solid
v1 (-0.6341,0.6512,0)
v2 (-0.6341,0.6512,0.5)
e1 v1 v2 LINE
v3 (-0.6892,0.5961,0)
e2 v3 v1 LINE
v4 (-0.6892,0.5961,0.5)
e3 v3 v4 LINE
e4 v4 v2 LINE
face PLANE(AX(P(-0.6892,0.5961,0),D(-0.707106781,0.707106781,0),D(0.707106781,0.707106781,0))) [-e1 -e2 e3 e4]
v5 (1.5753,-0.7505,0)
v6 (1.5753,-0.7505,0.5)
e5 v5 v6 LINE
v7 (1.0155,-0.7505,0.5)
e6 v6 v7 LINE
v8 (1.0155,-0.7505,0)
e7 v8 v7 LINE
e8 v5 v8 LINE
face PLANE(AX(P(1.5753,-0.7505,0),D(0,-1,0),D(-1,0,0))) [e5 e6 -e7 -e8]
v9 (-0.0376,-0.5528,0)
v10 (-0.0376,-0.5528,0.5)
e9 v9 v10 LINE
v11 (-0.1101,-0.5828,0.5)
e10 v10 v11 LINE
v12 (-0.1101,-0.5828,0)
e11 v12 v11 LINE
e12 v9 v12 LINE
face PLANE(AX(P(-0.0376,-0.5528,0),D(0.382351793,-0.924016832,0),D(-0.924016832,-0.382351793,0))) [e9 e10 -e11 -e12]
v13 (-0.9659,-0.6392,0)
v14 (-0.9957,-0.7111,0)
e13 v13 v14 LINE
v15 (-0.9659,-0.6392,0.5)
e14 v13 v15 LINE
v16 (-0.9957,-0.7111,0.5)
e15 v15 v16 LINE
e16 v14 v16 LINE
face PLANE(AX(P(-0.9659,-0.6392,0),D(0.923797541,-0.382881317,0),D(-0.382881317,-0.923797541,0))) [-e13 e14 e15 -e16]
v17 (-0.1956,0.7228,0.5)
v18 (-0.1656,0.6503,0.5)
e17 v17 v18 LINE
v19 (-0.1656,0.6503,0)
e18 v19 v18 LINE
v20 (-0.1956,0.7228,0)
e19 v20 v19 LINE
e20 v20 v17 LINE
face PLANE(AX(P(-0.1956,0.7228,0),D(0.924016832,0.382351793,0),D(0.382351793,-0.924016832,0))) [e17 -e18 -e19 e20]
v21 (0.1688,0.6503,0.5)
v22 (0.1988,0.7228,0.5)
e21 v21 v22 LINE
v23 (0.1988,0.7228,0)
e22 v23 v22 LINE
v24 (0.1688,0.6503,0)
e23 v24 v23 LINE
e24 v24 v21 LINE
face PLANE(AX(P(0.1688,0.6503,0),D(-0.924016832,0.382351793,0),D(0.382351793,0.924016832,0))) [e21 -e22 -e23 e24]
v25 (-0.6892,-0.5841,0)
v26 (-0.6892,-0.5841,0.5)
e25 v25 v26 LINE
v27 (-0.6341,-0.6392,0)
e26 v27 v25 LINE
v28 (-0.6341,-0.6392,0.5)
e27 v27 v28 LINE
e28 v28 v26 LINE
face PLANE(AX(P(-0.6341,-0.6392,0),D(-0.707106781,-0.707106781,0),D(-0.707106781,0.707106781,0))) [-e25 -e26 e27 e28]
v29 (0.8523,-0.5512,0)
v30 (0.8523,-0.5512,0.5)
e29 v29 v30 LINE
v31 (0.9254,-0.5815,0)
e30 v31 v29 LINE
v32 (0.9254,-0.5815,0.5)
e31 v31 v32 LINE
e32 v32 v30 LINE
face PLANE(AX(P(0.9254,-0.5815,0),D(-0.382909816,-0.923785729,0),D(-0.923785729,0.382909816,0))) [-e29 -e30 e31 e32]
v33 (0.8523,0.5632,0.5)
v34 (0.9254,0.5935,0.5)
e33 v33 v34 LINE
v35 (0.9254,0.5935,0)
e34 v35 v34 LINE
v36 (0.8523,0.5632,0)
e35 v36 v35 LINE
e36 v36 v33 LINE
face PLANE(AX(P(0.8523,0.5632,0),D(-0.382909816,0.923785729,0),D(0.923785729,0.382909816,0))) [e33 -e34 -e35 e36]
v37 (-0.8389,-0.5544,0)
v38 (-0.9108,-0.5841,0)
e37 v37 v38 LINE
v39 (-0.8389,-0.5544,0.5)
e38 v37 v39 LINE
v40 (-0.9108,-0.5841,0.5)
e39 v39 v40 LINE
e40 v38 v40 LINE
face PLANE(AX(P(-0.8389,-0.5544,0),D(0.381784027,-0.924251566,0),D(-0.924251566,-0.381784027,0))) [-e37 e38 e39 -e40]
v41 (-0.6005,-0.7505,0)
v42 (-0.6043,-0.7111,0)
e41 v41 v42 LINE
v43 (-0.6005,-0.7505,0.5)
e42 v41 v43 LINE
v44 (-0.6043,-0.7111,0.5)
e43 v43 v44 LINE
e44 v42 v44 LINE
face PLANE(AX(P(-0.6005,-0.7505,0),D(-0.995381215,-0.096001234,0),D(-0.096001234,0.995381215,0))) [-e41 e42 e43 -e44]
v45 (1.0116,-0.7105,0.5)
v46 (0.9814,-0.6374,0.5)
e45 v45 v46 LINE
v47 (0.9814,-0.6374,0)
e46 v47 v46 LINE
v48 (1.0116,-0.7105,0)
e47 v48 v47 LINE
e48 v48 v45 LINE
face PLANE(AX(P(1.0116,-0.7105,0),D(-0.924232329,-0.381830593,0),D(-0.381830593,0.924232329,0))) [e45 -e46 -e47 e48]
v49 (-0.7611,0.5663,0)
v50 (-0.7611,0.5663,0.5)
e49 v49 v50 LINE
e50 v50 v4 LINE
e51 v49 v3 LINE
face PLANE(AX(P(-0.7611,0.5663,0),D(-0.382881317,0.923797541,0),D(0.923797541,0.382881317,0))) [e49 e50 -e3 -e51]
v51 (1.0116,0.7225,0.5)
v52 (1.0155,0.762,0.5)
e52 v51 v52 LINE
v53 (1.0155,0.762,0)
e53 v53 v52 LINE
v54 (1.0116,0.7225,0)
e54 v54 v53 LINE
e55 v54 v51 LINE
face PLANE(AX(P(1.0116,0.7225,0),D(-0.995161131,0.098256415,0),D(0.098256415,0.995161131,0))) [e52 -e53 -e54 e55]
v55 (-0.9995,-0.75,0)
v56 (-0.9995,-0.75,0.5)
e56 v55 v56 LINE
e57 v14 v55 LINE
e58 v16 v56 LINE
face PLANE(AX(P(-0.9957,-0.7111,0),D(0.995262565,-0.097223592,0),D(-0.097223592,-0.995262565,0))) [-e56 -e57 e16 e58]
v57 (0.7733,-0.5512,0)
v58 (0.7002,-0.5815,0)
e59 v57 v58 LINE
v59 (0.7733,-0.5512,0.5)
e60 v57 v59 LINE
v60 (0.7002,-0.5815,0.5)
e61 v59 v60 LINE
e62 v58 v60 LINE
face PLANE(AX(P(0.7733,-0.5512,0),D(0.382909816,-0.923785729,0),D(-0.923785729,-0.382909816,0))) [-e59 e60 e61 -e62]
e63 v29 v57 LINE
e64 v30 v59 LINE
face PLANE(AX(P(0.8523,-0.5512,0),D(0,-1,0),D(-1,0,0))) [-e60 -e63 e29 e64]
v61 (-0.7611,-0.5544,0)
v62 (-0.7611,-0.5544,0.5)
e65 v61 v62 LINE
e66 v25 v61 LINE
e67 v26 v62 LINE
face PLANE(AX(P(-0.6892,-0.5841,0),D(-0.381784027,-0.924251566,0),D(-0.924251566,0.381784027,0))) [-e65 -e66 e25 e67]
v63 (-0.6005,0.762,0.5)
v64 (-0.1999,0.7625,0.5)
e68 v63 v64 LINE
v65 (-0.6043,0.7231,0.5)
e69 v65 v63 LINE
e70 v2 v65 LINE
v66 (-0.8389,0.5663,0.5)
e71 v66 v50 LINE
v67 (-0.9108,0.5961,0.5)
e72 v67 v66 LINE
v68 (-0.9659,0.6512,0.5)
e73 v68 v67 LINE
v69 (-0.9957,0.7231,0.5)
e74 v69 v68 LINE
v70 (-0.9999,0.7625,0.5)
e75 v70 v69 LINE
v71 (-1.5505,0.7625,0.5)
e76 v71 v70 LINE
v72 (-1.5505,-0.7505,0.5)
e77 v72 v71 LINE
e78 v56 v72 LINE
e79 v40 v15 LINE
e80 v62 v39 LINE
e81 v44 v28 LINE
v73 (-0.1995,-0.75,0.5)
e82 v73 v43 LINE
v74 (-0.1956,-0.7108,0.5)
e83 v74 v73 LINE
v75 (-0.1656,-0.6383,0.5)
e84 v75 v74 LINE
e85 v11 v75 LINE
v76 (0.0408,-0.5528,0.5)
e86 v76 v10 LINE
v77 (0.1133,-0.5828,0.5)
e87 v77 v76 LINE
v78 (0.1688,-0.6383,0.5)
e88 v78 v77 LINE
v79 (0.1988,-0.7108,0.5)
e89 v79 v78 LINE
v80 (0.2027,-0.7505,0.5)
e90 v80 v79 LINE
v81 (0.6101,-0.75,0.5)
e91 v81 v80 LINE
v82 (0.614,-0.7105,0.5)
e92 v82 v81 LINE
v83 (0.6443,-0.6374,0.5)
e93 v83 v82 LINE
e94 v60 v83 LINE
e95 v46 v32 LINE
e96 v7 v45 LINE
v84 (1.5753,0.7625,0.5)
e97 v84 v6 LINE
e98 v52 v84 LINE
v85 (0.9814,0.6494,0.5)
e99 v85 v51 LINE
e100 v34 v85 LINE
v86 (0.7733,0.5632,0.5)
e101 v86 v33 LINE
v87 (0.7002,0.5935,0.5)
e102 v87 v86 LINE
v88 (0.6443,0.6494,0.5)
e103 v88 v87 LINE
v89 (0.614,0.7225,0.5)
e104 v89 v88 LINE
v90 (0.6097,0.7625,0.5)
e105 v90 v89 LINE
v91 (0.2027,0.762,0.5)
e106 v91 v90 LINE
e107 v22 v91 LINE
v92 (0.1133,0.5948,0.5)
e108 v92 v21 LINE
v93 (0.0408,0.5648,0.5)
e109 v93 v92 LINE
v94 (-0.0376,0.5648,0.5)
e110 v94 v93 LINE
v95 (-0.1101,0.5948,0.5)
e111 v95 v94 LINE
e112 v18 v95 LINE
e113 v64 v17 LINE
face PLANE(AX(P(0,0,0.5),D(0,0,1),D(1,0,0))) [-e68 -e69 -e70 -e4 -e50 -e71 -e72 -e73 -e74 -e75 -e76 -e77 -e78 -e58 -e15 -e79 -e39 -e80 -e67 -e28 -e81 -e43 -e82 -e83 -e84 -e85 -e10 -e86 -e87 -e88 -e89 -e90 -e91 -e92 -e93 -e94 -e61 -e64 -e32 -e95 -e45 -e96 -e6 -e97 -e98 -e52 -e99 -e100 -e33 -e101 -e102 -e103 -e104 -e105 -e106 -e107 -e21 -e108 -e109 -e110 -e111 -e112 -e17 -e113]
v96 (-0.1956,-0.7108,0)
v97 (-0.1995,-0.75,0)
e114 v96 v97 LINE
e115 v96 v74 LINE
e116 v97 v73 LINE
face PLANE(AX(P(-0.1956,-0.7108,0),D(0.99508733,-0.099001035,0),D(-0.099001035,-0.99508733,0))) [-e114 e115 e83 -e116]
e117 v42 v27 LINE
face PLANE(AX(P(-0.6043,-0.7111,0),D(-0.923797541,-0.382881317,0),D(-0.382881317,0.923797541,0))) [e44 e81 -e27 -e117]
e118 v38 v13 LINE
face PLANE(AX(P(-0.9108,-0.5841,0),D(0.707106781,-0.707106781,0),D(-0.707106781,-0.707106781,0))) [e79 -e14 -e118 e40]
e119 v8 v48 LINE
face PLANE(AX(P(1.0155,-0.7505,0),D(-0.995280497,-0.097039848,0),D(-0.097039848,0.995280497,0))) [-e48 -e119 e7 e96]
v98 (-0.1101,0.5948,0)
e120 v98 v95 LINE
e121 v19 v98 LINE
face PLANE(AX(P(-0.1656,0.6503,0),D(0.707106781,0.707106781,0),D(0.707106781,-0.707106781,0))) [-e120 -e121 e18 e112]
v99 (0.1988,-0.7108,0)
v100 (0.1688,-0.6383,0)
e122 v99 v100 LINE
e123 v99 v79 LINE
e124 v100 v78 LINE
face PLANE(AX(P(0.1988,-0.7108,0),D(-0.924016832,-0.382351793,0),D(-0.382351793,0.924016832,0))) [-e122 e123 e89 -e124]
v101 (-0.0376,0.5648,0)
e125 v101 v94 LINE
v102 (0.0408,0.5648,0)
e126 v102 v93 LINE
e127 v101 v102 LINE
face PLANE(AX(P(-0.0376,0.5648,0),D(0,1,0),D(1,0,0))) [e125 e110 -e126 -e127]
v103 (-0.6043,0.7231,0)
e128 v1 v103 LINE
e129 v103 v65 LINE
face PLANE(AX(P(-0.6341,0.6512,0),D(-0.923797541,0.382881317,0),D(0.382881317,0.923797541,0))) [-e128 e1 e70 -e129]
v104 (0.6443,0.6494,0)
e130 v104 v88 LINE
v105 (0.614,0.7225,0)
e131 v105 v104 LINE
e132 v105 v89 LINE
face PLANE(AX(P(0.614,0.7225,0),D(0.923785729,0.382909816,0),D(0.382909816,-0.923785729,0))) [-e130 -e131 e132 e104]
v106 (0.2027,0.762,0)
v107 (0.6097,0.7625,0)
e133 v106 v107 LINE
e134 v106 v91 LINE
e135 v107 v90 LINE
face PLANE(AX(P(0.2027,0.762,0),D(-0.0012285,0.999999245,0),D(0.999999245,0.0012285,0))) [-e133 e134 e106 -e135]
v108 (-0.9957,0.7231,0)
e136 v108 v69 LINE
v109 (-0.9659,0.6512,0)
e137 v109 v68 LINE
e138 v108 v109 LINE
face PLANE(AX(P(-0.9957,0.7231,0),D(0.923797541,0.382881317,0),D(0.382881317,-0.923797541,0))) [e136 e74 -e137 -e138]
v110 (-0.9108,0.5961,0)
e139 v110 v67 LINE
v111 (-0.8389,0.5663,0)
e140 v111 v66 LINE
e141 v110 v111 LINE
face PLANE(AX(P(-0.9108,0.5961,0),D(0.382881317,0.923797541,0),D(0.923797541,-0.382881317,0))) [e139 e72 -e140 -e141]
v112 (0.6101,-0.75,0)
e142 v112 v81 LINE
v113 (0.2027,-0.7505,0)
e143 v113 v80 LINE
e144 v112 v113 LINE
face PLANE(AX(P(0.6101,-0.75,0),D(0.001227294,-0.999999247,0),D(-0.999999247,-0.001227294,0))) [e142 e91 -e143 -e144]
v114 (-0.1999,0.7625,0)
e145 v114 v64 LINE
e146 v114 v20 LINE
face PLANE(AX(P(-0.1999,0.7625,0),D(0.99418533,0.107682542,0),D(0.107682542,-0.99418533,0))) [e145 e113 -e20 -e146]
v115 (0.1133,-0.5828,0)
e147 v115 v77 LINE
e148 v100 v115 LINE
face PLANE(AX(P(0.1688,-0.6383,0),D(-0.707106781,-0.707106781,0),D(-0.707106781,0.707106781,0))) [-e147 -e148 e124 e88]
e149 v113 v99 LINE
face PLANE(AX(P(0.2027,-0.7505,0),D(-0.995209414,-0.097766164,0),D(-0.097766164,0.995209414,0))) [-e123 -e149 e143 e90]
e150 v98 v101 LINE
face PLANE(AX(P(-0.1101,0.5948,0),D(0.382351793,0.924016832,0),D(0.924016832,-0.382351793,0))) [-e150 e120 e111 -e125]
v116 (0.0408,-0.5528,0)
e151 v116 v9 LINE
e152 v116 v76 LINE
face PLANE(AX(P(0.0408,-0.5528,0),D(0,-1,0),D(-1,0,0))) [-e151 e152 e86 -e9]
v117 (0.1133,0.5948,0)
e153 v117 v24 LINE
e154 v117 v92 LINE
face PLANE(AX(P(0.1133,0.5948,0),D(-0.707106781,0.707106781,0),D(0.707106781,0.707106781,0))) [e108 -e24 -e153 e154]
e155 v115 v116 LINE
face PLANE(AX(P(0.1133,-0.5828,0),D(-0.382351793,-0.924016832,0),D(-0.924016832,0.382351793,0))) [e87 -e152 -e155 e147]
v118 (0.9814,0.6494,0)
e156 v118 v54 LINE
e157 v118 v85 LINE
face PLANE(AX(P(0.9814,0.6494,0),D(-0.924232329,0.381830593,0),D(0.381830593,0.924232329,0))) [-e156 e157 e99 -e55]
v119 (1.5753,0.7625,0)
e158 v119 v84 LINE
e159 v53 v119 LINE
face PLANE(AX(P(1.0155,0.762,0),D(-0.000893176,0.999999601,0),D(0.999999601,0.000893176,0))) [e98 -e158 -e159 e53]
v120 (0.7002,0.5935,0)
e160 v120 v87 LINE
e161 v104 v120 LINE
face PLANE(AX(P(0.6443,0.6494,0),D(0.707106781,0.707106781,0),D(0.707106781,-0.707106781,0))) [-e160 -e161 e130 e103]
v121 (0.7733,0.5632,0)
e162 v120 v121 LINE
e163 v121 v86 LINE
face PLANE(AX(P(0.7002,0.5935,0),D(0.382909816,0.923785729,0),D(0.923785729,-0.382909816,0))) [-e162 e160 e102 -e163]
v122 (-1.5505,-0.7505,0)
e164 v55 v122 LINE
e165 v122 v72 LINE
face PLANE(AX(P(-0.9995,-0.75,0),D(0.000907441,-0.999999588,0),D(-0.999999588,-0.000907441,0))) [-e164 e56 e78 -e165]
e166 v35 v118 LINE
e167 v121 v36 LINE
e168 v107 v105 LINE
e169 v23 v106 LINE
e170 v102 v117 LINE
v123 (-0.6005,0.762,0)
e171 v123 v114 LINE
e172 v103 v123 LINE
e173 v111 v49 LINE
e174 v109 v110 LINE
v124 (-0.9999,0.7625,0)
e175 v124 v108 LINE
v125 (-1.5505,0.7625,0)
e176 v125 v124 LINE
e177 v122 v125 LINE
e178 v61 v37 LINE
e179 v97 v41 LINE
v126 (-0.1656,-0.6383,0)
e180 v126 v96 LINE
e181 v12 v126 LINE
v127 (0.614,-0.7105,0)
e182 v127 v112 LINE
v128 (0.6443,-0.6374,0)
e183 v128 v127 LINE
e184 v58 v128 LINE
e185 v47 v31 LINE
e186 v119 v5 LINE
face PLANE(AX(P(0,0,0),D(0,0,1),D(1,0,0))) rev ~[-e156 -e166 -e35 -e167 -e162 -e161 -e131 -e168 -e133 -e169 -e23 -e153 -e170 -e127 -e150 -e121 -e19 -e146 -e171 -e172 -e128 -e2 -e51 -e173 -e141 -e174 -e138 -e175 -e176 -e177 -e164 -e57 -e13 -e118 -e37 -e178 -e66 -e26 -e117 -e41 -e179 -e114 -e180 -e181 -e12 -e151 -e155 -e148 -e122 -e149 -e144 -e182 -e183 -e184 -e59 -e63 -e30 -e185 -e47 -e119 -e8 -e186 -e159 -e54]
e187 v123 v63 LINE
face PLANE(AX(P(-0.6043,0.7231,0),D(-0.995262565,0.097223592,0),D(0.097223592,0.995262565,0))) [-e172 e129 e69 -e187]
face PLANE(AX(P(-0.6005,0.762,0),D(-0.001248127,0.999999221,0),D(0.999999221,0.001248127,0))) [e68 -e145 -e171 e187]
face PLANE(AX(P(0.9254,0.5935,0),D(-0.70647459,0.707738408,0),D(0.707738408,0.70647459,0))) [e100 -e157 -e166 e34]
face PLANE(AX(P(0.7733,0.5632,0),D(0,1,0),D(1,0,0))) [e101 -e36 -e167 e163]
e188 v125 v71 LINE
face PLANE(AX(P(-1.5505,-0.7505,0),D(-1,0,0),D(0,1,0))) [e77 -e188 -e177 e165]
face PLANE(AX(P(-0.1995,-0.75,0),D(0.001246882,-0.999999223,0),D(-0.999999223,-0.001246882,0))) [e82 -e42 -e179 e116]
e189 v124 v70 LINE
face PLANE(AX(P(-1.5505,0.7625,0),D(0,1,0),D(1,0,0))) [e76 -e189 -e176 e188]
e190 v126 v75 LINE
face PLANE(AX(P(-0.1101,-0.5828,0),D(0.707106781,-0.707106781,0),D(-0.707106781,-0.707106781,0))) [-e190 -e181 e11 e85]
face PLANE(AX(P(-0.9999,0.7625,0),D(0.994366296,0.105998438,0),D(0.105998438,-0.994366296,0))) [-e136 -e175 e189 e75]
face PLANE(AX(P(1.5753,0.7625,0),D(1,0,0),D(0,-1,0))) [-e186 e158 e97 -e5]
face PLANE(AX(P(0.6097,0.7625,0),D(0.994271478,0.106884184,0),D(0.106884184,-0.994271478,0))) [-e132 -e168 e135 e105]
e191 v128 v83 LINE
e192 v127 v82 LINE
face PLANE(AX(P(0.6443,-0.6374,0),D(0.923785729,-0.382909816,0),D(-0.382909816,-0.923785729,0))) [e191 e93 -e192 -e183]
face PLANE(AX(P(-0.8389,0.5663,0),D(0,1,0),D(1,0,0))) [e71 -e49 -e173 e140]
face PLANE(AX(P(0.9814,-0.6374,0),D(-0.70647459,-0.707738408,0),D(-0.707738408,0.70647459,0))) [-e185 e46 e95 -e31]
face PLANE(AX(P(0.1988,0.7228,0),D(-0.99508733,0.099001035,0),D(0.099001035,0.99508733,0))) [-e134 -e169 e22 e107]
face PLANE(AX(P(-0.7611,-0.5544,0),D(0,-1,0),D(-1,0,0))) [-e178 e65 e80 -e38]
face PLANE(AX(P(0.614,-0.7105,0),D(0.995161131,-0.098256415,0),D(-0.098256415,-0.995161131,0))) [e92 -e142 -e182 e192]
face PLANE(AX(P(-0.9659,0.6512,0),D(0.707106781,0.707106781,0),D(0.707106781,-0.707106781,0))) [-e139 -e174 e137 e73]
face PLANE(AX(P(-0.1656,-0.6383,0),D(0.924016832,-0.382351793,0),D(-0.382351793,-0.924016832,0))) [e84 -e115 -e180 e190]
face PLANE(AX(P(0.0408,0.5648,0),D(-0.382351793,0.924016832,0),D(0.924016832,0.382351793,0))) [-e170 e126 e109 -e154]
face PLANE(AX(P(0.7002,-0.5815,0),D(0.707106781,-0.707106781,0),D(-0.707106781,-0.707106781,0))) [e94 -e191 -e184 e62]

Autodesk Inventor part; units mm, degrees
ref_plane "YZ Plane" through (0, 0, 0) normal (1, 0, 0) x (0, 1, 0)
ref_plane "XZ Plane" through (0, 0, 0) normal (0, 1, 0) x (-1, 0, 0)
ref_plane "XY Plane" through (0, 0, 0) normal (0, 0, 1) x (1, 0, 0)
sketch "CAY16, 1K_278" plane through (0, 0, 0) normal (0, 0, 1) x (1, 0, 0)
  line L0 (-1.5505, 0.7625) -> (-0.9999, 0.7625)
  line L1 (-0.9999, 0.7625) -> (-0.9997, 0.7624)
  line L2 (-0.9997, 0.7624) -> (-0.9996, 0.7623)
  line L3 (-0.9996, 0.7623) -> (-0.9995, 0.7621)
  line L4 (-0.9995, 0.7621) -> (-0.9995, 0.762)
  line L5 (-0.9995, 0.762) -> (-0.9957, 0.7231)
  line L6 (-0.9957, 0.7231) -> (-0.9659, 0.6512)
  line L7 (-0.9659, 0.6512) -> (-0.9108, 0.5961)
  line L8 (-0.9108, 0.5961) -> (-0.8389, 0.5663)
  line L9 (-0.8389, 0.5663) -> (-0.7611, 0.5663)
  line L10 (-0.7611, 0.5663) -> (-0.6892, 0.5961)
  line L11 (-0.6892, 0.5961) -> (-0.6341, 0.6512)
  line L12 (-0.6341, 0.6512) -> (-0.6043, 0.7231)
  line L13 (-0.6043, 0.7231) -> (-0.6005, 0.762)
  line L14 (-0.6005, 0.762) -> (-0.6005, 0.7621)
  line L15 (-0.6005, 0.7621) -> (-0.6004, 0.7623)
  line L16 (-0.6004, 0.7623) -> (-0.6003, 0.7624)
  line L17 (-0.6003, 0.7624) -> (-0.6001, 0.7625)
  line L18 (-0.6001, 0.7625) -> (-0.1999, 0.7625)
  line L19 (-0.1999, 0.7625) -> (-0.1997, 0.7624)
  line L20 (-0.1997, 0.7624) -> (-0.1996, 0.7623)
  line L21 (-0.1996, 0.7623) -> (-0.1995, 0.7621)
  line L22 (-0.1995, 0.7621) -> (-0.1995, 0.762)
  line L23 (-0.1995, 0.762) -> (-0.1956, 0.7228)
  line L24 (-0.1956, 0.7228) -> (-0.1656, 0.6503)
  line L25 (-0.1656, 0.6503) -> (-0.1101, 0.5948)
  line L26 (-0.1101, 0.5948) -> (-0.0376, 0.5648)
  line L27 (-0.0376, 0.5648) -> (0.0408, 0.5648)
  line L28 (0.0408, 0.5648) -> (0.1133, 0.5948)
  line L29 (0.1133, 0.5948) -> (0.1688, 0.6503)
  line L30 (0.1688, 0.6503) -> (0.1988, 0.7228)
  line L31 (0.1988, 0.7228) -> (0.2027, 0.762)
  line L32 (0.2027, 0.762) -> (0.2027, 0.7621)
  line L33 (0.2027, 0.7621) -> (0.2028, 0.7623)
  line L34 (0.2028, 0.7623) -> (0.2029, 0.7624)
  line L35 (0.2029, 0.7624) -> (0.2031, 0.7625)
  line L36 (0.2031, 0.7625) -> (0.6097, 0.7625)
  line L37 (0.6097, 0.7625) -> (0.6099, 0.7624)
  line L38 (0.6099, 0.7624) -> (0.61, 0.7623)
  line L39 (0.61, 0.7623) -> (0.6101, 0.7621)
  line L40 (0.6101, 0.7621) -> (0.6101, 0.762)
  line L41 (0.6101, 0.762) -> (0.614, 0.7225)
  line L42 (0.614, 0.7225) -> (0.6443, 0.6494)
  line L43 (0.6443, 0.6494) -> (0.7002, 0.5935)
  line L44 (0.7002, 0.5935) -> (0.7733, 0.5632)
  line L45 (0.7733, 0.5632) -> (0.8523, 0.5632)
  line L46 (0.8523, 0.5632) -> (0.9254, 0.5935)
  line L47 (0.9254, 0.5935) -> (0.9814, 0.6494)
  line L48 (0.9814, 0.6494) -> (1.0116, 0.7225)
  line L49 (1.0116, 0.7225) -> (1.0155, 0.762)
  line L50 (1.0155, 0.762) -> (1.0155, 0.7621)
  line L51 (1.0155, 0.7621) -> (1.0156, 0.7623)
  line L52 (1.0156, 0.7623) -> (1.0157, 0.7624)
  line L53 (1.0157, 0.7624) -> (1.0159, 0.7625)
  line L54 (1.0159, 0.7625) -> (1.5753, 0.7625)
  line L55 (1.5753, 0.7625) -> (1.5753, -0.7505)
  line L56 (1.5753, -0.7505) -> (1.0155, -0.7505)
  line L57 (1.0155, -0.7505) -> (1.0155, -0.75)
  line L58 (1.0155, -0.75) -> (1.0116, -0.7105)
  line L59 (1.0116, -0.7105) -> (0.9814, -0.6374)
  line L60 (0.9814, -0.6374) -> (0.9254, -0.5815)
  line L61 (0.9254, -0.5815) -> (0.8523, -0.5512)
  line L62 (0.8523, -0.5512) -> (0.7733, -0.5512)
  line L63 (0.7733, -0.5512) -> (0.7002, -0.5815)
  line L64 (0.7002, -0.5815) -> (0.6443, -0.6374)
  line L65 (0.6443, -0.6374) -> (0.614, -0.7105)
  line L66 (0.614, -0.7105) -> (0.6101, -0.75)
  line L67 (0.6101, -0.75) -> (0.6101, -0.7501)
  line L68 (0.6101, -0.7501) -> (0.61, -0.7503)
  line L69 (0.61, -0.7503) -> (0.6099, -0.7504)
  line L70 (0.6099, -0.7504) -> (0.6097, -0.7505)
  line L71 (0.6097, -0.7505) -> (0.2027, -0.7505)
  line L72 (0.2027, -0.7505) -> (0.2027, -0.75)
  line L73 (0.2027, -0.75) -> (0.1988, -0.7108)
  line L74 (0.1988, -0.7108) -> (0.1688, -0.6383)
  line L75 (0.1688, -0.6383) -> (0.1133, -0.5828)
  line L76 (0.1133, -0.5828) -> (0.0408, -0.5528)
  line L77 (0.0408, -0.5528) -> (-0.0376, -0.5528)
  line L78 (-0.0376, -0.5528) -> (-0.1101, -0.5828)
  line L79 (-0.1101, -0.5828) -> (-0.1656, -0.6383)
  line L80 (-0.1656, -0.6383) -> (-0.1956, -0.7108)
  line L81 (-0.1956, -0.7108) -> (-0.1995, -0.75)
  line L82 (-0.1995, -0.75) -> (-0.1995, -0.7501)
  line L83 (-0.1995, -0.7501) -> (-0.1996, -0.7503)
  line L84 (-0.1996, -0.7503) -> (-0.1997, -0.7504)
  line L85 (-0.1997, -0.7504) -> (-0.1999, -0.7505)
  line L86 (-0.1999, -0.7505) -> (-0.6005, -0.7505)
  line L87 (-0.6005, -0.7505) -> (-0.6005, -0.75)
  line L88 (-0.6005, -0.75) -> (-0.6043, -0.7111)
  line L89 (-0.6043, -0.7111) -> (-0.6341, -0.6392)
  line L90 (-0.6341, -0.6392) -> (-0.6892, -0.5841)
  line L91 (-0.6892, -0.5841) -> (-0.7611, -0.5544)
  line L92 (-0.7611, -0.5544) -> (-0.8389, -0.5544)
  line L93 (-0.8389, -0.5544) -> (-0.9108, -0.5841)
  line L94 (-0.9108, -0.5841) -> (-0.9659, -0.6392)
  line L95 (-0.9659, -0.6392) -> (-0.9957, -0.7111)
  line L96 (-0.9957, -0.7111) -> (-0.9995, -0.75)
  line L97 (-0.9995, -0.75) -> (-0.9995, -0.7501)
  line L98 (-0.9995, -0.7501) -> (-0.9996, -0.7503)
  line L99 (-0.9996, -0.7503) -> (-0.9997, -0.7504)
  line L100 (-0.9997, -0.7504) -> (-0.9999, -0.7505)
  line L101 (-0.9999, -0.7505) -> (-1.5505, -0.7505)
  line L102 (-1.5505, -0.7505) -> (-1.5505, 0.7625)
extrude "Extrusion1" add sketch "CAY16, 1K_278" along normal blind 0.5
properties part number "1K"
